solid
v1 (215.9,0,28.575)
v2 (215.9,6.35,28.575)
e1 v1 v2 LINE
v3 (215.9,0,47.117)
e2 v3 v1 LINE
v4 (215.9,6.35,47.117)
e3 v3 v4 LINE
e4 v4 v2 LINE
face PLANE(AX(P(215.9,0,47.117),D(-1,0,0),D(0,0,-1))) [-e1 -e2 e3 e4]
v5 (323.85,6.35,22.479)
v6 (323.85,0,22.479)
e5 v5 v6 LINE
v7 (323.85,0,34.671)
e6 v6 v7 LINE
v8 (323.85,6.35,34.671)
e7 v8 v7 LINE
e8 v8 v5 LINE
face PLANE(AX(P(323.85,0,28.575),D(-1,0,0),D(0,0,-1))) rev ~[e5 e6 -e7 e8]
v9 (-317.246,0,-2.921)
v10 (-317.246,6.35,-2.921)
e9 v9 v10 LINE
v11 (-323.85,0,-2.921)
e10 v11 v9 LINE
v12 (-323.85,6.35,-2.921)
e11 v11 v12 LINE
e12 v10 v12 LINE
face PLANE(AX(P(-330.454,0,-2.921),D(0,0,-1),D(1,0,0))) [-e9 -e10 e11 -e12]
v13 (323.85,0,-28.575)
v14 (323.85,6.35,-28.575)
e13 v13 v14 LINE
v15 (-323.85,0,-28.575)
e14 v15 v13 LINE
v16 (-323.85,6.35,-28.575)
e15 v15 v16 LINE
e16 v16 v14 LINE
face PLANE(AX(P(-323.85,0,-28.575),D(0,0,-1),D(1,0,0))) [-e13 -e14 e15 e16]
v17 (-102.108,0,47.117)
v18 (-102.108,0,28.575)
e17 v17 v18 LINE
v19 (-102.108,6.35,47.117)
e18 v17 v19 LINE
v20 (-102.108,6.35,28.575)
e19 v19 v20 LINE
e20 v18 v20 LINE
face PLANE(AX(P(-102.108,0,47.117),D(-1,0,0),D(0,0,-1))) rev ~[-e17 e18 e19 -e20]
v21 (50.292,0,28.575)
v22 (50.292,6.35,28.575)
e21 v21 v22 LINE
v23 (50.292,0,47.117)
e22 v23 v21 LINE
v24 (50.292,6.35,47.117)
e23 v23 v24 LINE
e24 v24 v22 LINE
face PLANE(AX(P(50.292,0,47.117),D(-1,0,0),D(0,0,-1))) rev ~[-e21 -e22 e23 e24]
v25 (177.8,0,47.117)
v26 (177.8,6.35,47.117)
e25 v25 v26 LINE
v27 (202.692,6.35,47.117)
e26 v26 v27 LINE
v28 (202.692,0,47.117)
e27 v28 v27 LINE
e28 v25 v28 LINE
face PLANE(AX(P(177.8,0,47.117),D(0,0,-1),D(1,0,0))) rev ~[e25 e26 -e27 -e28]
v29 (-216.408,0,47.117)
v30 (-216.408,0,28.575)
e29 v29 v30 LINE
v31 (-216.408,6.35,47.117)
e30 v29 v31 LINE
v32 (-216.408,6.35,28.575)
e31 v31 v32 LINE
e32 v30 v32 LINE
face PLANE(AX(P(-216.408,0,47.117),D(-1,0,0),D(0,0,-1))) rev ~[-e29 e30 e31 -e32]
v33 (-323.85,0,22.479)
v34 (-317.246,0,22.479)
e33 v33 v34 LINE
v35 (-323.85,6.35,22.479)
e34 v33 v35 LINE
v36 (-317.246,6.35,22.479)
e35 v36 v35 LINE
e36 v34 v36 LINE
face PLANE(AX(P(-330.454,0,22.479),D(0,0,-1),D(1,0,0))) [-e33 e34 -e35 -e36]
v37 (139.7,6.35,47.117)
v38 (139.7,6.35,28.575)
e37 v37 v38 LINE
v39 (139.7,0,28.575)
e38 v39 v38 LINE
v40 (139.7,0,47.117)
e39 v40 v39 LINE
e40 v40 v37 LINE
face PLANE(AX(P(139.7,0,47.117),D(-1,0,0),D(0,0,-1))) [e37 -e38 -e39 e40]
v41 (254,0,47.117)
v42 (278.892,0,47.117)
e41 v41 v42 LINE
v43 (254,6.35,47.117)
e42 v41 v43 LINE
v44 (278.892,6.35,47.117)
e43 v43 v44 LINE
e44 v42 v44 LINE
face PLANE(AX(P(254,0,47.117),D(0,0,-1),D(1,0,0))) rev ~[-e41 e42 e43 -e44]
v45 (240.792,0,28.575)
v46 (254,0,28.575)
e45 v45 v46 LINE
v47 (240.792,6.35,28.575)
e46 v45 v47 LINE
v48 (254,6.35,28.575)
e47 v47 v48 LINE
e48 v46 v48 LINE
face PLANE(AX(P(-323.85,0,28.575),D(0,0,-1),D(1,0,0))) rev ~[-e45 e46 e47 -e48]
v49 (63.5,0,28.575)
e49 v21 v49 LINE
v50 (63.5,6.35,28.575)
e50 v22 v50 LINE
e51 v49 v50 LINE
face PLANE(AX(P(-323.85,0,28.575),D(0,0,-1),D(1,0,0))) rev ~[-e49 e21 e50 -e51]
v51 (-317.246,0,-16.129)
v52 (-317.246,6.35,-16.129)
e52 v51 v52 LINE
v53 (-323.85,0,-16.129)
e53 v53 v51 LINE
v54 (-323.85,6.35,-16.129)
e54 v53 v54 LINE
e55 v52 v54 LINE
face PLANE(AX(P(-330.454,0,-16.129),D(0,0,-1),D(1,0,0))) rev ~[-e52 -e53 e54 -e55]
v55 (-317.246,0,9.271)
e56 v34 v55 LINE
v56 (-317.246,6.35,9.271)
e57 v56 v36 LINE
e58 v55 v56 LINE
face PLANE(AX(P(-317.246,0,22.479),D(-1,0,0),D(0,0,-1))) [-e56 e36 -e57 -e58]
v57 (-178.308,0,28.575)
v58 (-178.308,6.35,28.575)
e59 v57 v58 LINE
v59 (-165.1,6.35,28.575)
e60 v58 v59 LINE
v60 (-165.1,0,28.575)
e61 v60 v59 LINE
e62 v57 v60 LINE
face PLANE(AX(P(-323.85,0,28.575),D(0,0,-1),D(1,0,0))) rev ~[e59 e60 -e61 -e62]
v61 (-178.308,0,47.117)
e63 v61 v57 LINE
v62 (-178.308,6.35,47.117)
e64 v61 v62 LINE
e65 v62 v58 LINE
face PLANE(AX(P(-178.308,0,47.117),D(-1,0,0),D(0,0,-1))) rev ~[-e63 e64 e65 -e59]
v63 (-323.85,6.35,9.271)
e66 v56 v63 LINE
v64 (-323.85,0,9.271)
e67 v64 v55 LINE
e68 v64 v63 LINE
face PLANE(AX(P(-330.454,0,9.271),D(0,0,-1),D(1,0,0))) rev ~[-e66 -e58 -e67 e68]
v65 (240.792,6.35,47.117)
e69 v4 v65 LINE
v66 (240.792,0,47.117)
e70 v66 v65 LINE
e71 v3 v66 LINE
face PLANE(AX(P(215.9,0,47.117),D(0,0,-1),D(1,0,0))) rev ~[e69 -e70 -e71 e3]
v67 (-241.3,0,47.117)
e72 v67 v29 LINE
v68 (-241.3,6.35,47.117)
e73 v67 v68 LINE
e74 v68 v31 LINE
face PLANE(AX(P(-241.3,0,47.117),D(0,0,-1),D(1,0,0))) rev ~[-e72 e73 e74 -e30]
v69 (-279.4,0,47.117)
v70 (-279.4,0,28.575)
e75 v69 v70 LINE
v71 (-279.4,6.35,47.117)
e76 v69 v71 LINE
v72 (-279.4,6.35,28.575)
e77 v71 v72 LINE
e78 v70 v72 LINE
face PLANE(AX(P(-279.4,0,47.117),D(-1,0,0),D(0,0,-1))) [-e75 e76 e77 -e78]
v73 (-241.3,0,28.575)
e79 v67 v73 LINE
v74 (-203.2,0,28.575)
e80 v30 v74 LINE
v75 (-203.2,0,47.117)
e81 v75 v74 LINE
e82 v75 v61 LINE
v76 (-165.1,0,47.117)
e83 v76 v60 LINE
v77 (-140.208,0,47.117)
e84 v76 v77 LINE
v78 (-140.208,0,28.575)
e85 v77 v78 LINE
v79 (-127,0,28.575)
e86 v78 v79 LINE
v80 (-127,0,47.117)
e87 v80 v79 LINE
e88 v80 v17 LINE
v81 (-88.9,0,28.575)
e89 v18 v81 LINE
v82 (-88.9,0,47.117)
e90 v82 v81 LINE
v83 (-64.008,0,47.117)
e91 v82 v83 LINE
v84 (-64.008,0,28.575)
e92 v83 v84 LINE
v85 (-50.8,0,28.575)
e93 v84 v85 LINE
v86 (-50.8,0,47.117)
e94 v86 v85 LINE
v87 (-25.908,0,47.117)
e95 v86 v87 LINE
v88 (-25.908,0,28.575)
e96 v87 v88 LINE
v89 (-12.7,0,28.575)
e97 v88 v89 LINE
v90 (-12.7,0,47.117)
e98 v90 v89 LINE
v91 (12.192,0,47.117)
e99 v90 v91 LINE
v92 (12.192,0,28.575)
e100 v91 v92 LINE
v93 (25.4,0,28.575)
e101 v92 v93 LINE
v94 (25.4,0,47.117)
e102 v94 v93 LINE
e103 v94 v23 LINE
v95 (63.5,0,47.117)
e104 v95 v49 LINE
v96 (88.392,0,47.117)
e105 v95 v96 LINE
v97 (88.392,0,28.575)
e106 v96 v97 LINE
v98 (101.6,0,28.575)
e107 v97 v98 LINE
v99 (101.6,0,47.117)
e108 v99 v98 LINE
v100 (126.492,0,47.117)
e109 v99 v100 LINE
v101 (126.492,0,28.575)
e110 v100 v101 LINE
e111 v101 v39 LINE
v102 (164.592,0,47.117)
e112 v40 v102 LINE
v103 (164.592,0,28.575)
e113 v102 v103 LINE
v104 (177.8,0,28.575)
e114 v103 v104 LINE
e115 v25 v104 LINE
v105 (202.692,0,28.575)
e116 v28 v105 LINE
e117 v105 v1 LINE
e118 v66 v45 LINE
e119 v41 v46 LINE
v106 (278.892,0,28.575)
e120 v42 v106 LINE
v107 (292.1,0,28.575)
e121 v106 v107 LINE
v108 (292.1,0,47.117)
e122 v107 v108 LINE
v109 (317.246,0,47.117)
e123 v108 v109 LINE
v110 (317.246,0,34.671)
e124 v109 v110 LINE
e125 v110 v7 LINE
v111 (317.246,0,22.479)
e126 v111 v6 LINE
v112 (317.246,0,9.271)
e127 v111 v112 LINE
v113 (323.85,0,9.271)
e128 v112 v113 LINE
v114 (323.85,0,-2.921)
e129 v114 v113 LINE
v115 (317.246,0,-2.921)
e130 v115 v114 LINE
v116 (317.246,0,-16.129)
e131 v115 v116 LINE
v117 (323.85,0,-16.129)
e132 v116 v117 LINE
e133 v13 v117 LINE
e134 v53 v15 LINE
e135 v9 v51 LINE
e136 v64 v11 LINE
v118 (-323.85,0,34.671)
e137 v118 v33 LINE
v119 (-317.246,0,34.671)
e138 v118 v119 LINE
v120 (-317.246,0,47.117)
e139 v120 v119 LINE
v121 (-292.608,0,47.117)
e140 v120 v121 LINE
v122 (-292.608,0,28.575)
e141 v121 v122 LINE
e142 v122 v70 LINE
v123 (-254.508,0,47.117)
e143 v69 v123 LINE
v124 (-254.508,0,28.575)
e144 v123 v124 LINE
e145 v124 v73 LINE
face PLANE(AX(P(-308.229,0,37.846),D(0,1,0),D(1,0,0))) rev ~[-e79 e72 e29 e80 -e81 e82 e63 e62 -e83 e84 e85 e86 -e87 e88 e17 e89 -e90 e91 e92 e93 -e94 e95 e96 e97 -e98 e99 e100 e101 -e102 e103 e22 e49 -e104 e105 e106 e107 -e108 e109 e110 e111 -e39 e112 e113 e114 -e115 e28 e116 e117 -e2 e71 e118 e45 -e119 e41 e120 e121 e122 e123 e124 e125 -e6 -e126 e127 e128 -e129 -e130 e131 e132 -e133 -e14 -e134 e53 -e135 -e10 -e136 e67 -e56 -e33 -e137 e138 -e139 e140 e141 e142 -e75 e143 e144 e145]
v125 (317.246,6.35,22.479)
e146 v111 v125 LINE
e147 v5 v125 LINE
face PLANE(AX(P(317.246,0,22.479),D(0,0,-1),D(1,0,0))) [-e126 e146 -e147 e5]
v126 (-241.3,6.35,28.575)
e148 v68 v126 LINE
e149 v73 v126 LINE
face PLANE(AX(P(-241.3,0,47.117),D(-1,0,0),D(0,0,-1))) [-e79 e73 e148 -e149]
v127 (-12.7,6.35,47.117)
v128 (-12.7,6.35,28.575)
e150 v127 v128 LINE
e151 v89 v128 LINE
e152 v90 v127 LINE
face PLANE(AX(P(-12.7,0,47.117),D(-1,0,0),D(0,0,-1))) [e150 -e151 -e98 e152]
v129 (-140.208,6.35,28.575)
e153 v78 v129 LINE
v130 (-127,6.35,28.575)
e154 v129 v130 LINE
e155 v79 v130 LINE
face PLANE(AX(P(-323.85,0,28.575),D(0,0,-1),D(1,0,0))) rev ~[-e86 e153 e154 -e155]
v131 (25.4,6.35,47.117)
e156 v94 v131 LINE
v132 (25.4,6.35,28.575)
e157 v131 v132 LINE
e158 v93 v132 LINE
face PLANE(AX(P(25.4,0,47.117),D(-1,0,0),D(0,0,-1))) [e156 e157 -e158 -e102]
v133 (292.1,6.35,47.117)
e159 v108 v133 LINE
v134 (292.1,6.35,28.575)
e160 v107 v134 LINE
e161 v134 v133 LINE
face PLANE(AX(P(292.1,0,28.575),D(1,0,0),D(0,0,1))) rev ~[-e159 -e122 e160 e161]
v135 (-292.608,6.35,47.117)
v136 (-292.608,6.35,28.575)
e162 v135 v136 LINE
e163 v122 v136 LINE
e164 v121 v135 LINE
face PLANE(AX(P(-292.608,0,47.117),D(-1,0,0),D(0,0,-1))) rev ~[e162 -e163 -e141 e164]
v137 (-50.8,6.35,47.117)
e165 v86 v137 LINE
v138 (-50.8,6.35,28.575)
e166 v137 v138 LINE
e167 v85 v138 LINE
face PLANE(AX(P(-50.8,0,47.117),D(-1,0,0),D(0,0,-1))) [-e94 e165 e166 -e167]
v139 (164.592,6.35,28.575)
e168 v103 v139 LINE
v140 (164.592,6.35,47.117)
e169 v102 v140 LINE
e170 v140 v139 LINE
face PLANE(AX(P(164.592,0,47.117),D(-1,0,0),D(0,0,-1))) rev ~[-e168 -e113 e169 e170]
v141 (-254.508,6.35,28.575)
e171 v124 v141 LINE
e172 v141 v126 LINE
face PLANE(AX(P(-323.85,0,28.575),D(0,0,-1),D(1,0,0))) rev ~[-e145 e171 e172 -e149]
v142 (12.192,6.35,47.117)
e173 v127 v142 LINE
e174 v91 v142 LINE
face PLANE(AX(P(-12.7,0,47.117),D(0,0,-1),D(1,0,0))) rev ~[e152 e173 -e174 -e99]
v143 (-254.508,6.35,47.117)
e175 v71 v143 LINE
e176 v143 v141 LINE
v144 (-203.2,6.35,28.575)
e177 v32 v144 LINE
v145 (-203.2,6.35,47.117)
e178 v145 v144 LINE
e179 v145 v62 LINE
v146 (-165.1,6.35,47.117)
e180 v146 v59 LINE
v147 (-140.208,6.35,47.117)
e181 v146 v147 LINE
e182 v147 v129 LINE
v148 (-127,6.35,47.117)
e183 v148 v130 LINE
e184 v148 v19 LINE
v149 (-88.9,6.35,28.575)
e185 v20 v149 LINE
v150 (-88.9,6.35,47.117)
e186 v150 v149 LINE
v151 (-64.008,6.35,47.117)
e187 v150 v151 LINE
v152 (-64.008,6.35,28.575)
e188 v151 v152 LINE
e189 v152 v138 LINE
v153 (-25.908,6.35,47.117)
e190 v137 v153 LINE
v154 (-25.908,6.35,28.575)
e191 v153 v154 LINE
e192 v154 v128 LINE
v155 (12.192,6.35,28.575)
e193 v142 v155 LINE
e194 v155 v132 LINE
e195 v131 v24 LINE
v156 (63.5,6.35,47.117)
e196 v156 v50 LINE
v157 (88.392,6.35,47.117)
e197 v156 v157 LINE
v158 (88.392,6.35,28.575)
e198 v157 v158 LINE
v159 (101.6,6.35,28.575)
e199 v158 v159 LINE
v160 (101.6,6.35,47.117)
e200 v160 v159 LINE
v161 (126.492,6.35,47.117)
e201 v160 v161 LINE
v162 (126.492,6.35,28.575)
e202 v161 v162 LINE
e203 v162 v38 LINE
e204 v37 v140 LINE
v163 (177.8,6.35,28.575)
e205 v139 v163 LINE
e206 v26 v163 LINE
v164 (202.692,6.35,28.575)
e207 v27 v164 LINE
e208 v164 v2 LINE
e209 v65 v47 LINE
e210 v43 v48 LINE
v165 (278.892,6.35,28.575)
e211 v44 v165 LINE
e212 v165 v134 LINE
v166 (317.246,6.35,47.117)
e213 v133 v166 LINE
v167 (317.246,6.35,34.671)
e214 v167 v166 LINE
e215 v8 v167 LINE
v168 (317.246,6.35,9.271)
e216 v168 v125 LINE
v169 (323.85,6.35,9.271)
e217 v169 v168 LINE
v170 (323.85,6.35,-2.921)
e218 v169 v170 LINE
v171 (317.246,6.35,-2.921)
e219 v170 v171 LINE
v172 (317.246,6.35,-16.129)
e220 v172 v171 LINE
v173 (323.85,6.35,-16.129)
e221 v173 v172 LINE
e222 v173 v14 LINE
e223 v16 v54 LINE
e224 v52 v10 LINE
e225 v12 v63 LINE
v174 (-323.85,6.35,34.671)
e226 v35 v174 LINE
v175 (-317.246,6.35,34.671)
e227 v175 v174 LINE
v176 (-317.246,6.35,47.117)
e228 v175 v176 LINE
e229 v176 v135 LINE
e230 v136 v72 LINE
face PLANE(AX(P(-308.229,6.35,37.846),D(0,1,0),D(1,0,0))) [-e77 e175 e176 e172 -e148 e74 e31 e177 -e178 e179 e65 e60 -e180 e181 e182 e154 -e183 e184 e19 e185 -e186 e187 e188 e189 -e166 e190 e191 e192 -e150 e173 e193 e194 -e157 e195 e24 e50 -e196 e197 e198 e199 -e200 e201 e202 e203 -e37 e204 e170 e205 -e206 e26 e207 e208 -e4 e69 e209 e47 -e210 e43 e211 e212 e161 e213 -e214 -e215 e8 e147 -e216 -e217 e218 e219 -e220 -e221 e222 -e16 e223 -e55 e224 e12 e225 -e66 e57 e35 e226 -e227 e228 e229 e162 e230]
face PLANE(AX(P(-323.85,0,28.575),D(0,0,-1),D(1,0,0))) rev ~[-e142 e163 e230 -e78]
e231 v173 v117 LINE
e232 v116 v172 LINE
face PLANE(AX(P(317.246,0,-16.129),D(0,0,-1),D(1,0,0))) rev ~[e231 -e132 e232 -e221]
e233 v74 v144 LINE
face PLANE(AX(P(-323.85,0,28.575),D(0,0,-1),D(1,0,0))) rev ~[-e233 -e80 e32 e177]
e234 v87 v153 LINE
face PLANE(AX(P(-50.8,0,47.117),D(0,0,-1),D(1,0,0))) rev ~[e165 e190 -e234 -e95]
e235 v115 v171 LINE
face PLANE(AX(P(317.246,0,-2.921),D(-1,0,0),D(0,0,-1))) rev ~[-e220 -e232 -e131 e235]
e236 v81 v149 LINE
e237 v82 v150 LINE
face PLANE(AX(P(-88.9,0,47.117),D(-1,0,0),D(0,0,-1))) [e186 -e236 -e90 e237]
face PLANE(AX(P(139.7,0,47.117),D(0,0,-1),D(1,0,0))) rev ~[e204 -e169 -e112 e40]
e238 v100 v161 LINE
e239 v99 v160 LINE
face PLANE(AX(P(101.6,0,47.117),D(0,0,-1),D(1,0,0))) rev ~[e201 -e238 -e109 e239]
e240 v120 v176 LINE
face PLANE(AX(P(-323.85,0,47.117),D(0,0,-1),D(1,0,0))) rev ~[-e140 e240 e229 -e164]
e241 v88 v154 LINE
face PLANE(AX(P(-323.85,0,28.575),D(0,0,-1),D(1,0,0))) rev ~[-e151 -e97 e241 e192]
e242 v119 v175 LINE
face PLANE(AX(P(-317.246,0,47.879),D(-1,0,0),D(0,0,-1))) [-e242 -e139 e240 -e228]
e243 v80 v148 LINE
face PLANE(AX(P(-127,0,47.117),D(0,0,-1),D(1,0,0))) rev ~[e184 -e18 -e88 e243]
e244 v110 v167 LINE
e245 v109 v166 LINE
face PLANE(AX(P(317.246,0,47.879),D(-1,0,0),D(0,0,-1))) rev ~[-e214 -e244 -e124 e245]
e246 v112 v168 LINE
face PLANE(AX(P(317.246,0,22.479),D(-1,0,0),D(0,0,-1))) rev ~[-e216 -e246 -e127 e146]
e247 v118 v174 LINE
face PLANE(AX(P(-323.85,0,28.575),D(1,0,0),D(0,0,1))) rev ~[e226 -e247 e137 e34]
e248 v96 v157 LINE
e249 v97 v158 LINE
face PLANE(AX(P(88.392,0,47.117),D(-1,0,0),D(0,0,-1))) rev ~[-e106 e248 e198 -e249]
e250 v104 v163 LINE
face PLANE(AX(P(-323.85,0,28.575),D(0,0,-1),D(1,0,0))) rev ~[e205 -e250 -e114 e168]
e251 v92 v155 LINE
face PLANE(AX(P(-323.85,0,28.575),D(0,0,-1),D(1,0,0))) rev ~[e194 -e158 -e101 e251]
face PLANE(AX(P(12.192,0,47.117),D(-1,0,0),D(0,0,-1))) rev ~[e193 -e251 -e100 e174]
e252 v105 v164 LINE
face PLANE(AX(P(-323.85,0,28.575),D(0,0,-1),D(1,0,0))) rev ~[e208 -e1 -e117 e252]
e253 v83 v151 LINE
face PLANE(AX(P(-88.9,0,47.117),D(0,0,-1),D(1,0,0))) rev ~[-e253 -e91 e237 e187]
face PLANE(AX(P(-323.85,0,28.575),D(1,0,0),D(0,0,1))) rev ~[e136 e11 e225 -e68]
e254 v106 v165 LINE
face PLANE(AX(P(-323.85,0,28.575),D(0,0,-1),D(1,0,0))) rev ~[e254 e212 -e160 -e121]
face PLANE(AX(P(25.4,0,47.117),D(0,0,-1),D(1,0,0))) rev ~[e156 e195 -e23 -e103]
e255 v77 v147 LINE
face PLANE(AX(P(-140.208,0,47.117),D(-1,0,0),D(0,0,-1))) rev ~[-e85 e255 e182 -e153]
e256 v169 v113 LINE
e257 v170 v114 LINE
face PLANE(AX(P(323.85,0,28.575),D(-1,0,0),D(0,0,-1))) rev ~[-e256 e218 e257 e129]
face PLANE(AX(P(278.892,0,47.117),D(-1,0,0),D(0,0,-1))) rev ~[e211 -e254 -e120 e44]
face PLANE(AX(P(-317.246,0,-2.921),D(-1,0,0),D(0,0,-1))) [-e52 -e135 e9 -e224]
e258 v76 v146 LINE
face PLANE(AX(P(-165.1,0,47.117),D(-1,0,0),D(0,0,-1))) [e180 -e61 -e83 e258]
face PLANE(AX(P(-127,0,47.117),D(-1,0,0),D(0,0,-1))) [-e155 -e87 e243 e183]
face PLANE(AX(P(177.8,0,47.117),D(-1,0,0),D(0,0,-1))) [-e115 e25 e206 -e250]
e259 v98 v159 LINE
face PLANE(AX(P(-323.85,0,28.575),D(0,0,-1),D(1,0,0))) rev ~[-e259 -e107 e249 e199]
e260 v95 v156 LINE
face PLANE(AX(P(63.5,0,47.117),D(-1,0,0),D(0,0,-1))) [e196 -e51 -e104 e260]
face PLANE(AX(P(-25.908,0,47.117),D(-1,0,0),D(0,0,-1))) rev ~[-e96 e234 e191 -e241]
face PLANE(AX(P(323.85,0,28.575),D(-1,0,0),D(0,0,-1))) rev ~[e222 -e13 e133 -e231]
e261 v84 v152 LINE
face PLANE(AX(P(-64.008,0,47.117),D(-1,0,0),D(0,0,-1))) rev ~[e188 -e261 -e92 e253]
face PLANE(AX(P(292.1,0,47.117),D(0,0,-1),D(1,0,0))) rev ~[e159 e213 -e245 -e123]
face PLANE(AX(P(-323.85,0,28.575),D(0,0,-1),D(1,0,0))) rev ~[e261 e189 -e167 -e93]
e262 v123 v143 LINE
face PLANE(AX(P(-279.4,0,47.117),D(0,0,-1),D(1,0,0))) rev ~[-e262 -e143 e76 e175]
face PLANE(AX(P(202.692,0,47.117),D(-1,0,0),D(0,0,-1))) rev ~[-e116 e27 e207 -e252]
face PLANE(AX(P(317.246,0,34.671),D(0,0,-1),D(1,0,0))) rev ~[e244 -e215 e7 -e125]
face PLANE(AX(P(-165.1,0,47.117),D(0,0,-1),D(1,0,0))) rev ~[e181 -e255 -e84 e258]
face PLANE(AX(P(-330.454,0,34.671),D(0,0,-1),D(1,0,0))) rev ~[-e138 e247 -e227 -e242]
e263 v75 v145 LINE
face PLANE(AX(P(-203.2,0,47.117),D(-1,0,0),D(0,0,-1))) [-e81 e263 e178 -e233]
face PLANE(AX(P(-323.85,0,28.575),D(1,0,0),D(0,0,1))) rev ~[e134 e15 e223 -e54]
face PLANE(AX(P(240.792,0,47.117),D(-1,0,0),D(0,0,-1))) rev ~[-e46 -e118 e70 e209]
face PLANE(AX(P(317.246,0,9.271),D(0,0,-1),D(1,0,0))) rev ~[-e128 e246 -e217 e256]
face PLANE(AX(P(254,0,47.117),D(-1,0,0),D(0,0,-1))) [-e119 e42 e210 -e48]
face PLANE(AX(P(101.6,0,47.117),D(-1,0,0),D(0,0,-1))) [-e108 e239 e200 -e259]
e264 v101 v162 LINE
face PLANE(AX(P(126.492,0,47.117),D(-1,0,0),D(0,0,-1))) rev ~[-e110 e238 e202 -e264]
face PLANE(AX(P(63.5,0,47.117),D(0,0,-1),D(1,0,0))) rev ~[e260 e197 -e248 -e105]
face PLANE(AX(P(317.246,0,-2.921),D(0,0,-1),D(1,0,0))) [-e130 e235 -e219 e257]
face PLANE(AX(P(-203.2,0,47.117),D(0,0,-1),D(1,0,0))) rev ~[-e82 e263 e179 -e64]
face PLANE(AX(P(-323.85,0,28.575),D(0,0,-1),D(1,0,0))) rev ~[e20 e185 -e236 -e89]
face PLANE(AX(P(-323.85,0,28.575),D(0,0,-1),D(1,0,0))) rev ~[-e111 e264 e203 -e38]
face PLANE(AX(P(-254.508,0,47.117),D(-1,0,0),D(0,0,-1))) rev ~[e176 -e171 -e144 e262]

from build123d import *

# Parameters (mm, degrees)
SKETCH1_W           = 647.7
SKETCH1_H           = 57.15
BOSS_EXTRUDE1_DEPTH = 6.35
SKETCH3_W           = 24.892
SKETCH3_H           = 18.542
BOSS_EXTRUDE2_DEPTH = 6.35
SKETCH4_W           = 13.208
SKETCH4_H           = 13.208
CUT_EXTRUDE2_DEPTH  = 328.321182769


with BuildPart() as part:
    # Sketch1 → Boss-Extrude1 (new body)
    with BuildSketch(Plane(origin=(0, 0, 0), x_dir=(1, 0, 0), z_dir=(0, 1, 0))):
        Rectangle(SKETCH1_W, SKETCH1_H)
    extrude(amount=BOSS_EXTRUDE1_DEPTH)

    # Sketch3 → Boss-Extrude2 (add)
    with BuildSketch(Plane(origin=(0, 0, 0), x_dir=(1, 0, 0), z_dir=(0, 1, 0))):
        Polygon((-317.5, -47.117), (-292.608, -47.117), (-292.608, -28.575), (-317.5, -28.575), (-323.85, -28.575), (-323.85, -47.117), align=None)
        with Locations((-266.954, -37.846)):
            Rectangle(SKETCH3_W, SKETCH3_H)
        with Locations((-228.854, -37.846)):
            Rectangle(SKETCH3_W, SKETCH3_H)
        with Locations((-190.754, -37.846)):
            Rectangle(SKETCH3_W, SKETCH3_H)
        with Locations((-152.654, -37.846)):
            Rectangle(SKETCH3_W, SKETCH3_H)
        with Locations((-114.554, -37.846)):
            Rectangle(SKETCH3_W, SKETCH3_H)
        with Locations((-76.454, -37.846)):
            Rectangle(SKETCH3_W, SKETCH3_H)
        with Locations((-38.354, -37.846)):
            Rectangle(SKETCH3_W, SKETCH3_H)
        with Locations((-0.254, -37.846)):
            Rectangle(SKETCH3_W, SKETCH3_H)
        with Locations((37.846, -37.846)):
            Rectangle(SKETCH3_W, SKETCH3_H)
        with Locations((75.946, -37.846)):
            Rectangle(SKETCH3_W, SKETCH3_H)
        with Locations((114.046, -37.846)):
            Rectangle(SKETCH3_W, SKETCH3_H)
        with Locations((152.146, -37.846)):
            Rectangle(SKETCH3_W, SKETCH3_H)
        with Locations((190.246, -37.846)):
            Rectangle(SKETCH3_W, SKETCH3_H)
        with Locations((228.346, -37.846)):
            Rectangle(SKETCH3_W, SKETCH3_H)
        with Locations((266.446, -37.846)):
            Rectangle(SKETCH3_W, SKETCH3_H)
        Polygon((316.992, -28.575), (292.1, -28.575), (292.1, -47.117), (316.992, -47.117), (323.85, -47.117), (323.85, -28.575), align=None)
    extrude(amount=BOSS_EXTRUDE2_DEPTH)

    # Sketch4 → Cut-Extrude2 (cut, through all)
    with BuildSketch(Plane(origin=(0, 0, 0), x_dir=(1, 0, 0), z_dir=(0, 1, 0))):
        with Locations((-323.85, 9.525)):
            Rectangle(SKETCH4_W, SKETCH4_H)
        with Locations((-323.85, -15.875)):
            Rectangle(SKETCH4_W, SKETCH4_H)
        with Locations((323.85, -15.875)):
            Rectangle(SKETCH4_W, SKETCH4_H)
        with Locations((323.85, 9.525)):
            Rectangle(SKETCH4_W, SKETCH4_H)
        with Locations((-323.85, -41.275)):
            Rectangle(SKETCH4_W, SKETCH4_H)
        with Locations((323.85, -41.275)):
            Rectangle(SKETCH4_W, SKETCH4_H)
    extrude(amount=CUT_EXTRUDE2_DEPTH, mode=Mode.SUBTRACT)


solid = part.part
